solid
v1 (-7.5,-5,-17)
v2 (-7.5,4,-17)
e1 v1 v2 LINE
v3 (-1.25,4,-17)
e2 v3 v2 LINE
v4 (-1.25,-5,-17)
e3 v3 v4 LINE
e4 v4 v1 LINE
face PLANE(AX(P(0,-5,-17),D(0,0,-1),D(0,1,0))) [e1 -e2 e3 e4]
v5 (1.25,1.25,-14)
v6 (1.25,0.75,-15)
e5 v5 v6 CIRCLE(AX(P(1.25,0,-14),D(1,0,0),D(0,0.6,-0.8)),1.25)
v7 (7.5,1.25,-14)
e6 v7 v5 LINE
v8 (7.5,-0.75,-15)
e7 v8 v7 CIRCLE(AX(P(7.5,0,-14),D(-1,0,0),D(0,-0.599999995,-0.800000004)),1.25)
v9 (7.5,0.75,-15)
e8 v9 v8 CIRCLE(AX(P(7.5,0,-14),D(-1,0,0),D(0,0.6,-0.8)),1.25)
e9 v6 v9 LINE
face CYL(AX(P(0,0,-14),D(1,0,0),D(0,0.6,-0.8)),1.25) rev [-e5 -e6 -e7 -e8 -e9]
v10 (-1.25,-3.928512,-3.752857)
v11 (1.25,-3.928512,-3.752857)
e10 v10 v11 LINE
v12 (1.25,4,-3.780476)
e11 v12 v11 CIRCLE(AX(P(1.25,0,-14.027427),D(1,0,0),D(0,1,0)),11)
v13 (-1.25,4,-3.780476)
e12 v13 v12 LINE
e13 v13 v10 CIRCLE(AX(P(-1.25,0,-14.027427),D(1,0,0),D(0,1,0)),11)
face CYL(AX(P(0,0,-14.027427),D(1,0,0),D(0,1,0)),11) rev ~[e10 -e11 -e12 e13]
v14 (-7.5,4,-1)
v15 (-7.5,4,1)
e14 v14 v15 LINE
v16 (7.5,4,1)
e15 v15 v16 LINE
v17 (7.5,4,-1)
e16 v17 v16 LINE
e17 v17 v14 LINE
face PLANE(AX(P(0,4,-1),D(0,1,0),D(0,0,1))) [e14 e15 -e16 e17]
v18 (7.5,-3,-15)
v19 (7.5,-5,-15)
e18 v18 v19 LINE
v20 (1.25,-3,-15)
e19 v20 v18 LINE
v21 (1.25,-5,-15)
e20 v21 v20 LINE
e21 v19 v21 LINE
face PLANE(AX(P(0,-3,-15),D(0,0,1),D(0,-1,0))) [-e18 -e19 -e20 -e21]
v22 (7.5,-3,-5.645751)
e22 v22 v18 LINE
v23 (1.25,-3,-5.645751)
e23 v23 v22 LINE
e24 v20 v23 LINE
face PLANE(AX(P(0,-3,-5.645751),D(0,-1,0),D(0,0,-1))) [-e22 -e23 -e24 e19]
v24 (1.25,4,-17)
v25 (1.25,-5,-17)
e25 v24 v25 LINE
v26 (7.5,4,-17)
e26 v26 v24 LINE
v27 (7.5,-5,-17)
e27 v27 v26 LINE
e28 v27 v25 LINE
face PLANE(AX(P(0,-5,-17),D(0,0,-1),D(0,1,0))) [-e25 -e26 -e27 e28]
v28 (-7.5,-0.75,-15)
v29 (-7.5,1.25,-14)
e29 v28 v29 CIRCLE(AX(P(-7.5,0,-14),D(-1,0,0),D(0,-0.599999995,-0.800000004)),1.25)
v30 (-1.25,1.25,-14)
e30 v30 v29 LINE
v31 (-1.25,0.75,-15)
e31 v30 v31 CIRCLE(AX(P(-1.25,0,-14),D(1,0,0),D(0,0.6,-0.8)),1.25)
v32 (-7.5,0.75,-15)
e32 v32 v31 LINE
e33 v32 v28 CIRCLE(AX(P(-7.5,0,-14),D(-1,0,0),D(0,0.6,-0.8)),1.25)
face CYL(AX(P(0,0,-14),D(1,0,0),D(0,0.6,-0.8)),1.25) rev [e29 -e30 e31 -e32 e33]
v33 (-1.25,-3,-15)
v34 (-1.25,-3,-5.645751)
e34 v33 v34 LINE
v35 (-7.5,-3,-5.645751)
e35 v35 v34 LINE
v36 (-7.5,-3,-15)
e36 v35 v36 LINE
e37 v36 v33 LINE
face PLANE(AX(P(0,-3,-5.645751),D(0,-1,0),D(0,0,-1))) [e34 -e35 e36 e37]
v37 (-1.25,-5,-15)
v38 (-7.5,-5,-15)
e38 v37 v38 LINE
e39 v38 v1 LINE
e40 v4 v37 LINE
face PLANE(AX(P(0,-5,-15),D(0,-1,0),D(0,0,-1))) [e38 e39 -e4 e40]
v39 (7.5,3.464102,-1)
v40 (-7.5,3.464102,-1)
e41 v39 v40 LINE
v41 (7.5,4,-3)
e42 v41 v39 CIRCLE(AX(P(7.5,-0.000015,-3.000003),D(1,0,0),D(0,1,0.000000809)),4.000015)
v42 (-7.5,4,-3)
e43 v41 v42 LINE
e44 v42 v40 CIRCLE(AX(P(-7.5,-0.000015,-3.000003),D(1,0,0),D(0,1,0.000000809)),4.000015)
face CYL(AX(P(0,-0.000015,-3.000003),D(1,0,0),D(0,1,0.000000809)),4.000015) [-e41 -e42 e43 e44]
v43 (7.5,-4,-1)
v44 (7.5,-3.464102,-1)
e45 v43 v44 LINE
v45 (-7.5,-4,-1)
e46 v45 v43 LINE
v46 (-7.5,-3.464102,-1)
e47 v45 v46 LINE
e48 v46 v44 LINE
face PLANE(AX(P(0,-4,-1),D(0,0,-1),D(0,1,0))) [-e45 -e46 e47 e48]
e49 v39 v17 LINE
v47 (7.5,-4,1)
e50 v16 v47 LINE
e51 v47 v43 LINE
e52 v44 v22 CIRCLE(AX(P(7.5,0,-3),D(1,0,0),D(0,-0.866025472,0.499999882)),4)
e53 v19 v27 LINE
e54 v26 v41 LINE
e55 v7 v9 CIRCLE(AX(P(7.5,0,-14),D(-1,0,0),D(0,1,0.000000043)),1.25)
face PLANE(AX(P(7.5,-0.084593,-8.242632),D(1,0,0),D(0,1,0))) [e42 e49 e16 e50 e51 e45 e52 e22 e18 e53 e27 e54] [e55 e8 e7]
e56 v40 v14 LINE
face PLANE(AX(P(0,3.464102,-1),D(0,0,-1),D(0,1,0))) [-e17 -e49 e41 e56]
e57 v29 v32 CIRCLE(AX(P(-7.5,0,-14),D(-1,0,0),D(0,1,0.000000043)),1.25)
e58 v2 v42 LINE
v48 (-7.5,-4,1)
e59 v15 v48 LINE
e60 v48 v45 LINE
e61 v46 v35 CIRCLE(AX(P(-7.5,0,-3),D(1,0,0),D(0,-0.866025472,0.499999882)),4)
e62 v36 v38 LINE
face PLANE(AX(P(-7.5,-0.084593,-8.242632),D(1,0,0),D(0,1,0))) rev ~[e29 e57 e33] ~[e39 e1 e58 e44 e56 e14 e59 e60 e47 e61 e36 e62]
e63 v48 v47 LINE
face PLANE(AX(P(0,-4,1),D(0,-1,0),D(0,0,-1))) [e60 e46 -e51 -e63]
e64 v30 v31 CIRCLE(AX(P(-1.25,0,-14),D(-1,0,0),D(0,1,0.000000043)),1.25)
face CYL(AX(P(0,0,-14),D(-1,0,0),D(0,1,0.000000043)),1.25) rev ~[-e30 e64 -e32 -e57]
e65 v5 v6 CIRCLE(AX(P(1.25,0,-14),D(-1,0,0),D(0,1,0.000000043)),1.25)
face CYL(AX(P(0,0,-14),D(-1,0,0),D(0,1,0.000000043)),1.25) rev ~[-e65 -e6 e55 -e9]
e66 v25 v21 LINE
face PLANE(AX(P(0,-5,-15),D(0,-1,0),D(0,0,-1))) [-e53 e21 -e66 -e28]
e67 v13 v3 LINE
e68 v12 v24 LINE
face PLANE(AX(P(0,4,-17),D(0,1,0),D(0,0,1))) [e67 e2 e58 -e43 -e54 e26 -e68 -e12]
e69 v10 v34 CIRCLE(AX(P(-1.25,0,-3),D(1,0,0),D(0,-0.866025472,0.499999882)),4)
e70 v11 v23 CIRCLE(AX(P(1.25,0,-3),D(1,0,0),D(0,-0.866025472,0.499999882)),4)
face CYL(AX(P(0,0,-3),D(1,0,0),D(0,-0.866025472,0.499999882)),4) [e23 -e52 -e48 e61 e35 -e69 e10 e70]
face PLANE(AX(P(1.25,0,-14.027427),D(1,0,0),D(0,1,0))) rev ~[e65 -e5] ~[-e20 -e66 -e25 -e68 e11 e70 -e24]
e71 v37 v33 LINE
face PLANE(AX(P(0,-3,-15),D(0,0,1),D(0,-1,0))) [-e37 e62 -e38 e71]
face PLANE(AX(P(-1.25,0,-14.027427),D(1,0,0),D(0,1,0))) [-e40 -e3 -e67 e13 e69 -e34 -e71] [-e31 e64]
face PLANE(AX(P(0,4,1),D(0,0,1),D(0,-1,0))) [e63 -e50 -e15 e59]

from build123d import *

# Parameters (mm, degrees)
F1_DEPTH = 7.5
F2_R     = 11
F3_DEPTH = 1.25


with BuildPart() as f1:
    # F0 (on Right) → F1 (new body, symmetric)
    with BuildSketch(Plane.YZ):
        with BuildLine():
            Line((4, -1), (4, 1))
            Line((4, 1), (-4, 1))
            Line((-4, 1), (-4, -1))
            Line((-4, -1), (-3.464102, -1))
            ThreePointArc((-3.464102, -1), (-3.980189, -3.397613), (-3, -5.645751))
            Line((-3, -5.645751), (-3, -15))
            Line((-3, -15), (-5, -15))
            Line((-5, -15), (-5, -17))
            Line((-5, -17), (4, -17))
            Line((4, -17), (4, -15))
            Line((4, -15), (4, -3))
            ThreePointArc((4, -3), (3.863703, -1.964724), (3.464102, -1))
            Line((3.464102, -1), (4, -1))
        make_face()
        with BuildLine():
            ThreePointArc((1.25, -14), (1.118034, -14.559017), (0.75, -15))
            ThreePointArc((0.75, -15), (0, -15.25), (-0.75, -15))
            ThreePointArc((-0.75, -15), (-0.559017, -12.881966), (1.25, -14))
        make_face(mode=Mode.SUBTRACT)
    extrude(amount=F1_DEPTH, both=True)

    # F2 (on Right) → F3 (cut, symmetric)
    with BuildSketch(Plane.YZ):
        with Locations((0, -14.027427)):
            Circle(F2_R)
    extrude(amount=F3_DEPTH, both=True, mode=Mode.SUBTRACT)


solid = f1.part
